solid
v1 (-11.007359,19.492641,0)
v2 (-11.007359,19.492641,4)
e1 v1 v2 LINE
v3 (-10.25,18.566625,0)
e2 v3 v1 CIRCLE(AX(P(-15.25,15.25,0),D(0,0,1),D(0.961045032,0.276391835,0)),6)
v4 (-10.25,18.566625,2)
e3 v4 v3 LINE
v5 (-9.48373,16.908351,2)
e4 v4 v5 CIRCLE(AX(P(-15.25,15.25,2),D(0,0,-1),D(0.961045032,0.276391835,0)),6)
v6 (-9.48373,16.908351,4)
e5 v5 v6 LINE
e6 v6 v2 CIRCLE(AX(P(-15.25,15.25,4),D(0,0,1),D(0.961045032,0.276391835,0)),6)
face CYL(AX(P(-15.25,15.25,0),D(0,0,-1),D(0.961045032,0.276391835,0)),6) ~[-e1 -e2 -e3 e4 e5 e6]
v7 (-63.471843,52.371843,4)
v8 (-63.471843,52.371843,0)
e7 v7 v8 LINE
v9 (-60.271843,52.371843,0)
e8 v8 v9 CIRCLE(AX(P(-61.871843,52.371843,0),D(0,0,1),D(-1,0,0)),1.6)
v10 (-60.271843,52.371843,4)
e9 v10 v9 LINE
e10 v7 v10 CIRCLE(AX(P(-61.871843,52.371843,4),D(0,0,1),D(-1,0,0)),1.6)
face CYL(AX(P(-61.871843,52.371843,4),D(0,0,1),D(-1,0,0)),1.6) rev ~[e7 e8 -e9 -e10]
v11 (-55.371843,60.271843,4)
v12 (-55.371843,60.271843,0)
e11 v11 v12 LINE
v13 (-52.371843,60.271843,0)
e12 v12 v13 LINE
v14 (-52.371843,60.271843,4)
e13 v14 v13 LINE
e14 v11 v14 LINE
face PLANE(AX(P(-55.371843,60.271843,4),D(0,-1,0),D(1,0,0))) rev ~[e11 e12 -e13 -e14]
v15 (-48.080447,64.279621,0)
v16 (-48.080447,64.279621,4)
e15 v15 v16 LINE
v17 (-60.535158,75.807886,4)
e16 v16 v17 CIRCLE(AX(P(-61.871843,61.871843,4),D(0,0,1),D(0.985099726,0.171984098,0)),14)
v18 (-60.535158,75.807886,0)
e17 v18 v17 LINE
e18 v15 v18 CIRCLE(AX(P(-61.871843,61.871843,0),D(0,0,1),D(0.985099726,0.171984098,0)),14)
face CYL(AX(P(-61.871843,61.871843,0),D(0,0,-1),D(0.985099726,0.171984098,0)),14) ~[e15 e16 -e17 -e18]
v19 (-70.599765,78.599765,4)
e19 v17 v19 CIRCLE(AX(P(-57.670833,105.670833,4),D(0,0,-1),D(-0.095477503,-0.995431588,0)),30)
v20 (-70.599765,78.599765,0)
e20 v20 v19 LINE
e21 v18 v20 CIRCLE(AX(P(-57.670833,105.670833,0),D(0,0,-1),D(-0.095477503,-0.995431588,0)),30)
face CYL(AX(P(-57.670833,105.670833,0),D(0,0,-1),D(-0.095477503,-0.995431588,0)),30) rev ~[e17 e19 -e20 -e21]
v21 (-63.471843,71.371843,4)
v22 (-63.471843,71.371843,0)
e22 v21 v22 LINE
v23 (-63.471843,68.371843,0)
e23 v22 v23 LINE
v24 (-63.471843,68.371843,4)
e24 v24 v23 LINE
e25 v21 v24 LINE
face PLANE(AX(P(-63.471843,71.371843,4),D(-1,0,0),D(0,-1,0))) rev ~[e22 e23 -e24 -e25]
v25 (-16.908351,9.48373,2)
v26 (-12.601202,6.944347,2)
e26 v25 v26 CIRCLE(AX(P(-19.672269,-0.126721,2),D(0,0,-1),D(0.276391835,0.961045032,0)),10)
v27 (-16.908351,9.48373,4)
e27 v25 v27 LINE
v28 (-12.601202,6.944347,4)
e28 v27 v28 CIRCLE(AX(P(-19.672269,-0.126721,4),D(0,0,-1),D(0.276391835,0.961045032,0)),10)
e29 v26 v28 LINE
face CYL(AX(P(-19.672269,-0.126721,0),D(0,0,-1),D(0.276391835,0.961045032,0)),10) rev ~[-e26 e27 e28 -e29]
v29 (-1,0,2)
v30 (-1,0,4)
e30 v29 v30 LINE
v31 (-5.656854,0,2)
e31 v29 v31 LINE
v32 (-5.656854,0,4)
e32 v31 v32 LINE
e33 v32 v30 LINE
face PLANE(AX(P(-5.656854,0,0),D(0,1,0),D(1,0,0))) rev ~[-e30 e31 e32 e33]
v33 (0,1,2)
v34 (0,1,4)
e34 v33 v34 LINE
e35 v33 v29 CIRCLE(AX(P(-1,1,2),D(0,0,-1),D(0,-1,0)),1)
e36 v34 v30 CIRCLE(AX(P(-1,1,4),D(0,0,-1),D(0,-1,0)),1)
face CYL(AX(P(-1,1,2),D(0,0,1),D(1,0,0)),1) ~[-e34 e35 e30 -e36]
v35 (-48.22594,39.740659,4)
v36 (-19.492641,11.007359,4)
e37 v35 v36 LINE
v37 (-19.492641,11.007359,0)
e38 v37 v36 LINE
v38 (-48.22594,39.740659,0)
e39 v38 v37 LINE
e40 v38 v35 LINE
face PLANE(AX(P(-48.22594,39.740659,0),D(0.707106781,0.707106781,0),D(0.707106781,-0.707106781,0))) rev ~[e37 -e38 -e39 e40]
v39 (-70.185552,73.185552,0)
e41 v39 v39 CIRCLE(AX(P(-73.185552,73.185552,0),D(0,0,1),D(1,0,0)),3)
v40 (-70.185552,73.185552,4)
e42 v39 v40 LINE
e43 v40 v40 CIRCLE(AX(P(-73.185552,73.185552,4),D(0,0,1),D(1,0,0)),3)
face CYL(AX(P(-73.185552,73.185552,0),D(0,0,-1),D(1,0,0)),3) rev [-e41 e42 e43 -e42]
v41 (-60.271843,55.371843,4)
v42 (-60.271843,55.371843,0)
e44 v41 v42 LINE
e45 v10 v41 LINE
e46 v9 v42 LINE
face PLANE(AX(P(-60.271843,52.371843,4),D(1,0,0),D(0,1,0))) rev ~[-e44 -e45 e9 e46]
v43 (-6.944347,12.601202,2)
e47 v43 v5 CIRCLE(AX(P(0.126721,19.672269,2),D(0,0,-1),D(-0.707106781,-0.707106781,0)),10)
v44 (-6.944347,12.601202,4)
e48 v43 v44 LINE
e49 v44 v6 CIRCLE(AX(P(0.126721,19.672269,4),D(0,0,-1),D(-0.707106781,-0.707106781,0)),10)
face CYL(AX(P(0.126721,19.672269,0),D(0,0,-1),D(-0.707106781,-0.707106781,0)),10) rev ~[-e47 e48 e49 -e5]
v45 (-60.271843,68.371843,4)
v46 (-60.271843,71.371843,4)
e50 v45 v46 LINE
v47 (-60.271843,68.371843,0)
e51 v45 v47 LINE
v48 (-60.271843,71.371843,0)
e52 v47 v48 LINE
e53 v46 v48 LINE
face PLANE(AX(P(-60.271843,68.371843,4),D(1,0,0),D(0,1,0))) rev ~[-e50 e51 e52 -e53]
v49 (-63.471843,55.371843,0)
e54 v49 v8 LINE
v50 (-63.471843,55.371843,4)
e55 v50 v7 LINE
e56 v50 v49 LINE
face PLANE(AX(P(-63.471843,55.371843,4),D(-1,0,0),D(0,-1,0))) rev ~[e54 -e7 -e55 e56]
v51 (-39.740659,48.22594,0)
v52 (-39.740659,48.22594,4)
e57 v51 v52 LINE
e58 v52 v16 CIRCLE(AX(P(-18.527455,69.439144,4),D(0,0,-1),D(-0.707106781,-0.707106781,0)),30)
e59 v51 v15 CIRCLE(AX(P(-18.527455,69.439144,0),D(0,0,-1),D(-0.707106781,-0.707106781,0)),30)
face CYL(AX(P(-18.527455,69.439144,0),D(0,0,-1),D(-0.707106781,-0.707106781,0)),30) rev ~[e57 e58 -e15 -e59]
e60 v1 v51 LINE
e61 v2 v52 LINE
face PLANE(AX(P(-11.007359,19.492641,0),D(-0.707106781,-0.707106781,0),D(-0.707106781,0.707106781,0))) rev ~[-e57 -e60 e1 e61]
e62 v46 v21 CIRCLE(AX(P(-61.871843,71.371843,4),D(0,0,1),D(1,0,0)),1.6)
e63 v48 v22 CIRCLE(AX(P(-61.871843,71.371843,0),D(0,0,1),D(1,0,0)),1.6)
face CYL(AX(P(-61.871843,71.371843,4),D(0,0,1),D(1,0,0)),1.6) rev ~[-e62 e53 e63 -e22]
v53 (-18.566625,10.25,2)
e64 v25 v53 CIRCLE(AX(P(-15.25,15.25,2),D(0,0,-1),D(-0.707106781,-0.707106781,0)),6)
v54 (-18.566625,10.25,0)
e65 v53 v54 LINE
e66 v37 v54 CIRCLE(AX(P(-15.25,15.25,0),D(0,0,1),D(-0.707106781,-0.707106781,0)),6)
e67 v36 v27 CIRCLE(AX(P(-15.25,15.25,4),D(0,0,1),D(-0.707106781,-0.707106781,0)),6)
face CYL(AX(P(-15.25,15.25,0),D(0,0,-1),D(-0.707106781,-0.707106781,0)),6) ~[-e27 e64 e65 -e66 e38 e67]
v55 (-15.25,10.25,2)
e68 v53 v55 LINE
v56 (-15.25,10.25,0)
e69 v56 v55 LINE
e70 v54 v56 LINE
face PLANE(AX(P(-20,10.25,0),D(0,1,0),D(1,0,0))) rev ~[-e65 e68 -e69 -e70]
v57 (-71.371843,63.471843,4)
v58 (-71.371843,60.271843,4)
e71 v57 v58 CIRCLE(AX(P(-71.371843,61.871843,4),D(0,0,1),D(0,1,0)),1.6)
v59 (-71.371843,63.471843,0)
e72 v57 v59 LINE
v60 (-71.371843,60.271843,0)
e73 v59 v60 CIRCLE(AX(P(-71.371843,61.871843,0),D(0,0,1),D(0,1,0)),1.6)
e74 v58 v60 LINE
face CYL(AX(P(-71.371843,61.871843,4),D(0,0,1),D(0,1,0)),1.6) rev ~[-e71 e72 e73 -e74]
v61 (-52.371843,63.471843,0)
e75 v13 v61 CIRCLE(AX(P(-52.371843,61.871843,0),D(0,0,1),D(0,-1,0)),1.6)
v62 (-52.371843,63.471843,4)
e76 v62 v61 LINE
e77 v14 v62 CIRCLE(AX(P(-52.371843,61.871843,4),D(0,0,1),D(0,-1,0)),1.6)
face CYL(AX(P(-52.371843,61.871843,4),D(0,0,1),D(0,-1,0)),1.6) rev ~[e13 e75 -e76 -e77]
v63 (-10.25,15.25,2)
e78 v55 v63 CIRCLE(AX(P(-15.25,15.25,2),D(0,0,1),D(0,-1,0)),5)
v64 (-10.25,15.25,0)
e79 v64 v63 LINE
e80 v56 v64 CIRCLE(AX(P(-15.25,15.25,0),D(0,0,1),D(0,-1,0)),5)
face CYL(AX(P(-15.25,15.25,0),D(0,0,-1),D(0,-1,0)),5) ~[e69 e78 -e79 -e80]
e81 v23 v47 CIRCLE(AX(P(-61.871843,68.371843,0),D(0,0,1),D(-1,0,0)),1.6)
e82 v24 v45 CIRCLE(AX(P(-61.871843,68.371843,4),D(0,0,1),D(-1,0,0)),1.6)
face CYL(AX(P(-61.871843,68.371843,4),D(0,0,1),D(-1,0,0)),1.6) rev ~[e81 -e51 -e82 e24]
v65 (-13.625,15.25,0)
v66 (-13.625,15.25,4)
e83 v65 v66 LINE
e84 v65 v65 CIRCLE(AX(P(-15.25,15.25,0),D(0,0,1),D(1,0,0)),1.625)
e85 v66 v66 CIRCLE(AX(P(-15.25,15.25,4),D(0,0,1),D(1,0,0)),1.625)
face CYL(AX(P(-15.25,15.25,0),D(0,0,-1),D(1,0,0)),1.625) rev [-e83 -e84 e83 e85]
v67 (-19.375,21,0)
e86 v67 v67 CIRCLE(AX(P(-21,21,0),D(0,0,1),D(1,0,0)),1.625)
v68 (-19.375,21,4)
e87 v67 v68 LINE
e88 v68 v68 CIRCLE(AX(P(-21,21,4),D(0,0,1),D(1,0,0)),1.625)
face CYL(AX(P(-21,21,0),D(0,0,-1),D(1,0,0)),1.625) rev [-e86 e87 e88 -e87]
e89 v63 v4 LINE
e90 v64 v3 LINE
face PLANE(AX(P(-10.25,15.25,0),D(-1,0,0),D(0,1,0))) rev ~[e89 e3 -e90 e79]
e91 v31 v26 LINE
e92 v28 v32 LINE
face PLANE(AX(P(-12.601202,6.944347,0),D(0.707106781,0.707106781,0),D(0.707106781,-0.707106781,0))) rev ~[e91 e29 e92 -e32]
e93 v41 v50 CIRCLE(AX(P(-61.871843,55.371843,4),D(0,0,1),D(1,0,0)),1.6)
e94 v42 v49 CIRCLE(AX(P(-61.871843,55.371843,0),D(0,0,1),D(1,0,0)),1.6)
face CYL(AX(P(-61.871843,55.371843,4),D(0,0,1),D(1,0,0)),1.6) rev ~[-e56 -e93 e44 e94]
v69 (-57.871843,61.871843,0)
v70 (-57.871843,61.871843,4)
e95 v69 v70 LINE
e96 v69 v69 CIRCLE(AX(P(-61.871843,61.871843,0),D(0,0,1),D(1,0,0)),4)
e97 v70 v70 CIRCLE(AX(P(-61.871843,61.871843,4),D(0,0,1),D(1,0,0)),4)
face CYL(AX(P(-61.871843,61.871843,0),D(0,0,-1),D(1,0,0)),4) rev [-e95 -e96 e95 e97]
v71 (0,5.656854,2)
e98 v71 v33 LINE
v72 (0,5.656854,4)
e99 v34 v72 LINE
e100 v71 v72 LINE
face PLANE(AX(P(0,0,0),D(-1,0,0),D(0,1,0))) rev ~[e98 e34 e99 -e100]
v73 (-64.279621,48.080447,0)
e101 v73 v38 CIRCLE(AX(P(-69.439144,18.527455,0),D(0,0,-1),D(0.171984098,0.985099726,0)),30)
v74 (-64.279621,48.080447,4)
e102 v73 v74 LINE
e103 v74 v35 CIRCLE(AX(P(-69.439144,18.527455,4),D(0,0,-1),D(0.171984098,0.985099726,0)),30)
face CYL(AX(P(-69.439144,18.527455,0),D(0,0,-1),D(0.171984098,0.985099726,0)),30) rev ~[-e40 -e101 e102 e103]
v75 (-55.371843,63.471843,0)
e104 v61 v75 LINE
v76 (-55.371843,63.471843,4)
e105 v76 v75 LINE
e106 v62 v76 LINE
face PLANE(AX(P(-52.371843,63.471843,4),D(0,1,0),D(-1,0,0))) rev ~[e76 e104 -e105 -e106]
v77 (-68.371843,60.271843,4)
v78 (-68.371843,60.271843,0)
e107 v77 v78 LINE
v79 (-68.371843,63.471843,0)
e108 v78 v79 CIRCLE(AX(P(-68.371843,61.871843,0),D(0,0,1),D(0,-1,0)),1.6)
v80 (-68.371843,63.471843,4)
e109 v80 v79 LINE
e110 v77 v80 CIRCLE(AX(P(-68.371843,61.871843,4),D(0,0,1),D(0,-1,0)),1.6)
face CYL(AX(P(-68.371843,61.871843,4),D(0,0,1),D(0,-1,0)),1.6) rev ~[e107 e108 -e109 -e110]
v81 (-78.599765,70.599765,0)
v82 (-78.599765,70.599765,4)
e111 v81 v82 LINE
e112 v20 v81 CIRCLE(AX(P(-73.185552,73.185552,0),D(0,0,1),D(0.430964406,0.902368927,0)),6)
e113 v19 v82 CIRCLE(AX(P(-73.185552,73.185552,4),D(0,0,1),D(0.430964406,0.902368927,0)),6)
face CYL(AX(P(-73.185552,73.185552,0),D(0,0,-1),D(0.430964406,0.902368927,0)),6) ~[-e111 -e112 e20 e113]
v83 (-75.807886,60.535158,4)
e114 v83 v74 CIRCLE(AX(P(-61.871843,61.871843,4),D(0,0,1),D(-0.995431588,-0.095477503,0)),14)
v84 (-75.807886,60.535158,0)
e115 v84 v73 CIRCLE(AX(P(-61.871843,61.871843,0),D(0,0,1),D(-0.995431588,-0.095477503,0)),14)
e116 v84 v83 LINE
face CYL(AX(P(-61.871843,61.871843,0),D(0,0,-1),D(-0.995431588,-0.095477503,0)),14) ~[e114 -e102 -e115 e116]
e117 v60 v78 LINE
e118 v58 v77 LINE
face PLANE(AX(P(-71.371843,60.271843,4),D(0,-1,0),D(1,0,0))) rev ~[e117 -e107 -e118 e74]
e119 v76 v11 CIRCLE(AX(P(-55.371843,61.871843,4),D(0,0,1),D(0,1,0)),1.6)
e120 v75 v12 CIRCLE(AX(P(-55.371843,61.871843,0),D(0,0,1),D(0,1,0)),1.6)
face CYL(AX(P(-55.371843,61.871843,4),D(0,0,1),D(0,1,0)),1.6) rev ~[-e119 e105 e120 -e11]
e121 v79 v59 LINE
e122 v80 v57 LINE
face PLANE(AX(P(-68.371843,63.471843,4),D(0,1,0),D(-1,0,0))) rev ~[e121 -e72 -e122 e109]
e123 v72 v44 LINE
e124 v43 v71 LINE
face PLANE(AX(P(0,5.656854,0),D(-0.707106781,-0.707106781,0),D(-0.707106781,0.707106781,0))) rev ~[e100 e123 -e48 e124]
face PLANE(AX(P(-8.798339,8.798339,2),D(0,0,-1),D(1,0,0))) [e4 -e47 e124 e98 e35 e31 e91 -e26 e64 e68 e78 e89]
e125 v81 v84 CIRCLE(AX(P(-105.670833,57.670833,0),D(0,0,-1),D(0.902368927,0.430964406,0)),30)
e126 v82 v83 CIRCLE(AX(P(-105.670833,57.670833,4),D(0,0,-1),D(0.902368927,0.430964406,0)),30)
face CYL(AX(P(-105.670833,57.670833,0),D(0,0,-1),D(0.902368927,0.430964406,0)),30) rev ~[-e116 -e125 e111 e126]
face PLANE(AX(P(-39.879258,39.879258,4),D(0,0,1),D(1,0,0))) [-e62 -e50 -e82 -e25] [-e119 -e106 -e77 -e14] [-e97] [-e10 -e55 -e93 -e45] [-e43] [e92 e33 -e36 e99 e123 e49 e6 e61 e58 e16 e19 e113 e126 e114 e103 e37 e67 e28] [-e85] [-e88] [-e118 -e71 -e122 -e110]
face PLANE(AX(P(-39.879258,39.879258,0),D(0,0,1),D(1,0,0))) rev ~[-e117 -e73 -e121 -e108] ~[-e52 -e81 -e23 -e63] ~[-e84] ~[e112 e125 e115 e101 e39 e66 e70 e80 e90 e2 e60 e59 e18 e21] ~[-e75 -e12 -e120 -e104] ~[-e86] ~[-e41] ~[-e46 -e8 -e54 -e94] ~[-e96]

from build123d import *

# Parameters (mm, degrees)
F0_R     = 1.625
F0_R_2   = 4
F0_R_3   = 3
F1_DEPTH = 4
F3_DEPTH = 25
F5_DEPTH = 2
F6_R     = 1


with BuildPart() as f1:
    # F0 (on Top) → F1 (new body)
    with BuildSketch(Plane.XY):
        with BuildLine():
            ThreePointArc((-9.4837298081, 16.9083510106), (-10.0814206469, 18.2972590095), (-11.0073593129, 19.4926406871))
            Line((-11.0073593129, 19.4926406871), (-39.7406588467, 48.2259402209))
            ThreePointArc((-39.7406588467, 48.2259402209), (-45.1494727757, 55.6091692733), (-48.0804471902, 64.2796207229))
            ThreePointArc((-48.0804471902, 64.2796207229), (-52.3618521384, 72.1460862496), (-60.5351583135, 75.8078855862))
            ThreePointArc((-60.5351583135, 75.8078855862), (-65.6898975166, 76.7624502228), (-70.5997654152, 78.5997654152))
            ThreePointArc((-70.5997654152, 78.5997654152), (-77.4281925399, 77.4281925399), (-78.5997654152, 70.5997654152))
            ThreePointArc((-78.5997654152, 70.5997654152), (-76.7624502228, 65.6898975166), (-75.8078855862, 60.5351583135))
            ThreePointArc((-75.8078855862, 60.5351583135), (-72.1460862496, 52.3618521384), (-64.2796207229, 48.0804471902))
            ThreePointArc((-64.2796207229, 48.0804471902), (-55.6091692733, 45.1494727757), (-48.2259402209, 39.7406588467))
            Line((-48.2259402209, 39.7406588467), (-19.4926406871, 11.0073593129))
            ThreePointArc((-19.4926406871, 11.0073593129), (-18.2972590095, 10.0814206469), (-16.9083510106, 9.4837298081))
            ThreePointArc((-16.9083510106, 9.4837298081), (-14.5935043457, 8.4875784101), (-12.6012015497, 6.9443473002))
            Line((-12.6012015497, 6.9443473002), (-5.6568542495, 0))
            Line((-5.6568542495, 0), (0, 0))
            Line((0, 0), (0, 5.6568542495))
            Line((0, 5.6568542495), (-6.9443473002, 12.6012015497))
            ThreePointArc((-6.9443473002, 12.6012015497), (-8.4875784101, 14.5935043457), (-9.4837298081, 16.9083510106))
        make_face()
        with Locations((-15.25, 15.25)):
            Circle(F0_R, mode=Mode.SUBTRACT)
        with Locations((-21, 21)):
            Circle(F0_R, mode=Mode.SUBTRACT)
        with Locations((-61.8718433538, 61.8718433538)):
            Circle(F0_R_2, mode=Mode.SUBTRACT)
        with Locations((-73.1855518528, 73.1855518528)):
            Circle(F0_R_3, mode=Mode.SUBTRACT)
    extrude(amount=F1_DEPTH)

    # F2 (on face) → F3 (cut)
    with BuildSketch(Plane.XY.offset(4)):
        with BuildLine():
            ThreePointArc((-55.3718433538, 63.4718433538), (-56.9718433538, 61.8718433538), (-55.3718433538, 60.2718433538))
            Line((-55.3718433538, 60.2718433538), (-52.3718433538, 60.2718433538))
            ThreePointArc((-52.3718433538, 60.2718433538), (-50.7718433538, 61.8718433538), (-52.3718433538, 63.4718433538))
            Line((-52.3718433538, 63.4718433538), (-55.3718433538, 63.4718433538))
        make_face()
        with BuildLine():
            Line((-63.4718433538, 71.3718433538), (-63.4718433538, 68.3718433538))
            ThreePointArc((-63.4718433538, 68.3718433538), (-61.8718433538, 66.7718433538), (-60.2718433538, 68.3718433538))
            Line((-60.2718433538, 68.3718433538), (-60.2718433538, 71.3718433538))
            ThreePointArc((-60.2718433538, 71.3718433538), (-61.8718433538, 72.9718433538), (-63.4718433538, 71.3718433538))
        make_face()
        with BuildLine():
            Line((-71.3718433538, 60.2718433538), (-68.3718433538, 60.2718433538))
            ThreePointArc((-68.3718433538, 60.2718433538), (-66.7718433538, 61.8718433538), (-68.3718433538, 63.4718433538))
            Line((-68.3718433538, 63.4718433538), (-71.3718433538, 63.4718433538))
            ThreePointArc((-71.3718433538, 63.4718433538), (-72.9718433538, 61.8718433538), (-71.3718433538, 60.2718433538))
        make_face()
        with BuildLine():
            Line((-60.2718433538, 52.3718433538), (-60.2718433538, 55.3718433538))
            ThreePointArc((-60.2718433538, 55.3718433538), (-61.8718433538, 56.9718433538), (-63.4718433538, 55.3718433538))
            Line((-63.4718433538, 55.3718433538), (-63.4718433538, 52.3718433538))
            ThreePointArc((-63.4718433538, 52.3718433538), (-61.8718433538, 50.7718433538), (-60.2718433538, 52.3718433538))
        make_face()
    extrude(amount=-F3_DEPTH, mode=Mode.SUBTRACT)

    # F4 (on face) → F5 (cut)
    with BuildSketch(Plane(origin=(0, 0, 0), x_dir=(1, 0, 0), z_dir=(0, 0, -1))):
        with BuildLine():
            Line((0, 0), (-20, 0))
            Line((-20, 0), (-20, -10.25))
            Line((-20, -10.25), (-15.25, -10.25))
            ThreePointArc((-15.25, -10.25), (-11.7144660941, -11.7144660941), (-10.25, -15.25))
            Line((-10.25, -15.25), (-10.25, -20))
            Line((-10.25, -20), (0, -20))
            Line((0, -20), (0, 0))
        make_face()
    extrude(amount=-F5_DEPTH, mode=Mode.SUBTRACT)

    # F6
    f6_edges = [f1.edges().sort_by_distance(p)[0] for p in [
        (0, 0, 3),
    ]]
    fillet(f6_edges, radius=F6_R)


solid = f1.part
